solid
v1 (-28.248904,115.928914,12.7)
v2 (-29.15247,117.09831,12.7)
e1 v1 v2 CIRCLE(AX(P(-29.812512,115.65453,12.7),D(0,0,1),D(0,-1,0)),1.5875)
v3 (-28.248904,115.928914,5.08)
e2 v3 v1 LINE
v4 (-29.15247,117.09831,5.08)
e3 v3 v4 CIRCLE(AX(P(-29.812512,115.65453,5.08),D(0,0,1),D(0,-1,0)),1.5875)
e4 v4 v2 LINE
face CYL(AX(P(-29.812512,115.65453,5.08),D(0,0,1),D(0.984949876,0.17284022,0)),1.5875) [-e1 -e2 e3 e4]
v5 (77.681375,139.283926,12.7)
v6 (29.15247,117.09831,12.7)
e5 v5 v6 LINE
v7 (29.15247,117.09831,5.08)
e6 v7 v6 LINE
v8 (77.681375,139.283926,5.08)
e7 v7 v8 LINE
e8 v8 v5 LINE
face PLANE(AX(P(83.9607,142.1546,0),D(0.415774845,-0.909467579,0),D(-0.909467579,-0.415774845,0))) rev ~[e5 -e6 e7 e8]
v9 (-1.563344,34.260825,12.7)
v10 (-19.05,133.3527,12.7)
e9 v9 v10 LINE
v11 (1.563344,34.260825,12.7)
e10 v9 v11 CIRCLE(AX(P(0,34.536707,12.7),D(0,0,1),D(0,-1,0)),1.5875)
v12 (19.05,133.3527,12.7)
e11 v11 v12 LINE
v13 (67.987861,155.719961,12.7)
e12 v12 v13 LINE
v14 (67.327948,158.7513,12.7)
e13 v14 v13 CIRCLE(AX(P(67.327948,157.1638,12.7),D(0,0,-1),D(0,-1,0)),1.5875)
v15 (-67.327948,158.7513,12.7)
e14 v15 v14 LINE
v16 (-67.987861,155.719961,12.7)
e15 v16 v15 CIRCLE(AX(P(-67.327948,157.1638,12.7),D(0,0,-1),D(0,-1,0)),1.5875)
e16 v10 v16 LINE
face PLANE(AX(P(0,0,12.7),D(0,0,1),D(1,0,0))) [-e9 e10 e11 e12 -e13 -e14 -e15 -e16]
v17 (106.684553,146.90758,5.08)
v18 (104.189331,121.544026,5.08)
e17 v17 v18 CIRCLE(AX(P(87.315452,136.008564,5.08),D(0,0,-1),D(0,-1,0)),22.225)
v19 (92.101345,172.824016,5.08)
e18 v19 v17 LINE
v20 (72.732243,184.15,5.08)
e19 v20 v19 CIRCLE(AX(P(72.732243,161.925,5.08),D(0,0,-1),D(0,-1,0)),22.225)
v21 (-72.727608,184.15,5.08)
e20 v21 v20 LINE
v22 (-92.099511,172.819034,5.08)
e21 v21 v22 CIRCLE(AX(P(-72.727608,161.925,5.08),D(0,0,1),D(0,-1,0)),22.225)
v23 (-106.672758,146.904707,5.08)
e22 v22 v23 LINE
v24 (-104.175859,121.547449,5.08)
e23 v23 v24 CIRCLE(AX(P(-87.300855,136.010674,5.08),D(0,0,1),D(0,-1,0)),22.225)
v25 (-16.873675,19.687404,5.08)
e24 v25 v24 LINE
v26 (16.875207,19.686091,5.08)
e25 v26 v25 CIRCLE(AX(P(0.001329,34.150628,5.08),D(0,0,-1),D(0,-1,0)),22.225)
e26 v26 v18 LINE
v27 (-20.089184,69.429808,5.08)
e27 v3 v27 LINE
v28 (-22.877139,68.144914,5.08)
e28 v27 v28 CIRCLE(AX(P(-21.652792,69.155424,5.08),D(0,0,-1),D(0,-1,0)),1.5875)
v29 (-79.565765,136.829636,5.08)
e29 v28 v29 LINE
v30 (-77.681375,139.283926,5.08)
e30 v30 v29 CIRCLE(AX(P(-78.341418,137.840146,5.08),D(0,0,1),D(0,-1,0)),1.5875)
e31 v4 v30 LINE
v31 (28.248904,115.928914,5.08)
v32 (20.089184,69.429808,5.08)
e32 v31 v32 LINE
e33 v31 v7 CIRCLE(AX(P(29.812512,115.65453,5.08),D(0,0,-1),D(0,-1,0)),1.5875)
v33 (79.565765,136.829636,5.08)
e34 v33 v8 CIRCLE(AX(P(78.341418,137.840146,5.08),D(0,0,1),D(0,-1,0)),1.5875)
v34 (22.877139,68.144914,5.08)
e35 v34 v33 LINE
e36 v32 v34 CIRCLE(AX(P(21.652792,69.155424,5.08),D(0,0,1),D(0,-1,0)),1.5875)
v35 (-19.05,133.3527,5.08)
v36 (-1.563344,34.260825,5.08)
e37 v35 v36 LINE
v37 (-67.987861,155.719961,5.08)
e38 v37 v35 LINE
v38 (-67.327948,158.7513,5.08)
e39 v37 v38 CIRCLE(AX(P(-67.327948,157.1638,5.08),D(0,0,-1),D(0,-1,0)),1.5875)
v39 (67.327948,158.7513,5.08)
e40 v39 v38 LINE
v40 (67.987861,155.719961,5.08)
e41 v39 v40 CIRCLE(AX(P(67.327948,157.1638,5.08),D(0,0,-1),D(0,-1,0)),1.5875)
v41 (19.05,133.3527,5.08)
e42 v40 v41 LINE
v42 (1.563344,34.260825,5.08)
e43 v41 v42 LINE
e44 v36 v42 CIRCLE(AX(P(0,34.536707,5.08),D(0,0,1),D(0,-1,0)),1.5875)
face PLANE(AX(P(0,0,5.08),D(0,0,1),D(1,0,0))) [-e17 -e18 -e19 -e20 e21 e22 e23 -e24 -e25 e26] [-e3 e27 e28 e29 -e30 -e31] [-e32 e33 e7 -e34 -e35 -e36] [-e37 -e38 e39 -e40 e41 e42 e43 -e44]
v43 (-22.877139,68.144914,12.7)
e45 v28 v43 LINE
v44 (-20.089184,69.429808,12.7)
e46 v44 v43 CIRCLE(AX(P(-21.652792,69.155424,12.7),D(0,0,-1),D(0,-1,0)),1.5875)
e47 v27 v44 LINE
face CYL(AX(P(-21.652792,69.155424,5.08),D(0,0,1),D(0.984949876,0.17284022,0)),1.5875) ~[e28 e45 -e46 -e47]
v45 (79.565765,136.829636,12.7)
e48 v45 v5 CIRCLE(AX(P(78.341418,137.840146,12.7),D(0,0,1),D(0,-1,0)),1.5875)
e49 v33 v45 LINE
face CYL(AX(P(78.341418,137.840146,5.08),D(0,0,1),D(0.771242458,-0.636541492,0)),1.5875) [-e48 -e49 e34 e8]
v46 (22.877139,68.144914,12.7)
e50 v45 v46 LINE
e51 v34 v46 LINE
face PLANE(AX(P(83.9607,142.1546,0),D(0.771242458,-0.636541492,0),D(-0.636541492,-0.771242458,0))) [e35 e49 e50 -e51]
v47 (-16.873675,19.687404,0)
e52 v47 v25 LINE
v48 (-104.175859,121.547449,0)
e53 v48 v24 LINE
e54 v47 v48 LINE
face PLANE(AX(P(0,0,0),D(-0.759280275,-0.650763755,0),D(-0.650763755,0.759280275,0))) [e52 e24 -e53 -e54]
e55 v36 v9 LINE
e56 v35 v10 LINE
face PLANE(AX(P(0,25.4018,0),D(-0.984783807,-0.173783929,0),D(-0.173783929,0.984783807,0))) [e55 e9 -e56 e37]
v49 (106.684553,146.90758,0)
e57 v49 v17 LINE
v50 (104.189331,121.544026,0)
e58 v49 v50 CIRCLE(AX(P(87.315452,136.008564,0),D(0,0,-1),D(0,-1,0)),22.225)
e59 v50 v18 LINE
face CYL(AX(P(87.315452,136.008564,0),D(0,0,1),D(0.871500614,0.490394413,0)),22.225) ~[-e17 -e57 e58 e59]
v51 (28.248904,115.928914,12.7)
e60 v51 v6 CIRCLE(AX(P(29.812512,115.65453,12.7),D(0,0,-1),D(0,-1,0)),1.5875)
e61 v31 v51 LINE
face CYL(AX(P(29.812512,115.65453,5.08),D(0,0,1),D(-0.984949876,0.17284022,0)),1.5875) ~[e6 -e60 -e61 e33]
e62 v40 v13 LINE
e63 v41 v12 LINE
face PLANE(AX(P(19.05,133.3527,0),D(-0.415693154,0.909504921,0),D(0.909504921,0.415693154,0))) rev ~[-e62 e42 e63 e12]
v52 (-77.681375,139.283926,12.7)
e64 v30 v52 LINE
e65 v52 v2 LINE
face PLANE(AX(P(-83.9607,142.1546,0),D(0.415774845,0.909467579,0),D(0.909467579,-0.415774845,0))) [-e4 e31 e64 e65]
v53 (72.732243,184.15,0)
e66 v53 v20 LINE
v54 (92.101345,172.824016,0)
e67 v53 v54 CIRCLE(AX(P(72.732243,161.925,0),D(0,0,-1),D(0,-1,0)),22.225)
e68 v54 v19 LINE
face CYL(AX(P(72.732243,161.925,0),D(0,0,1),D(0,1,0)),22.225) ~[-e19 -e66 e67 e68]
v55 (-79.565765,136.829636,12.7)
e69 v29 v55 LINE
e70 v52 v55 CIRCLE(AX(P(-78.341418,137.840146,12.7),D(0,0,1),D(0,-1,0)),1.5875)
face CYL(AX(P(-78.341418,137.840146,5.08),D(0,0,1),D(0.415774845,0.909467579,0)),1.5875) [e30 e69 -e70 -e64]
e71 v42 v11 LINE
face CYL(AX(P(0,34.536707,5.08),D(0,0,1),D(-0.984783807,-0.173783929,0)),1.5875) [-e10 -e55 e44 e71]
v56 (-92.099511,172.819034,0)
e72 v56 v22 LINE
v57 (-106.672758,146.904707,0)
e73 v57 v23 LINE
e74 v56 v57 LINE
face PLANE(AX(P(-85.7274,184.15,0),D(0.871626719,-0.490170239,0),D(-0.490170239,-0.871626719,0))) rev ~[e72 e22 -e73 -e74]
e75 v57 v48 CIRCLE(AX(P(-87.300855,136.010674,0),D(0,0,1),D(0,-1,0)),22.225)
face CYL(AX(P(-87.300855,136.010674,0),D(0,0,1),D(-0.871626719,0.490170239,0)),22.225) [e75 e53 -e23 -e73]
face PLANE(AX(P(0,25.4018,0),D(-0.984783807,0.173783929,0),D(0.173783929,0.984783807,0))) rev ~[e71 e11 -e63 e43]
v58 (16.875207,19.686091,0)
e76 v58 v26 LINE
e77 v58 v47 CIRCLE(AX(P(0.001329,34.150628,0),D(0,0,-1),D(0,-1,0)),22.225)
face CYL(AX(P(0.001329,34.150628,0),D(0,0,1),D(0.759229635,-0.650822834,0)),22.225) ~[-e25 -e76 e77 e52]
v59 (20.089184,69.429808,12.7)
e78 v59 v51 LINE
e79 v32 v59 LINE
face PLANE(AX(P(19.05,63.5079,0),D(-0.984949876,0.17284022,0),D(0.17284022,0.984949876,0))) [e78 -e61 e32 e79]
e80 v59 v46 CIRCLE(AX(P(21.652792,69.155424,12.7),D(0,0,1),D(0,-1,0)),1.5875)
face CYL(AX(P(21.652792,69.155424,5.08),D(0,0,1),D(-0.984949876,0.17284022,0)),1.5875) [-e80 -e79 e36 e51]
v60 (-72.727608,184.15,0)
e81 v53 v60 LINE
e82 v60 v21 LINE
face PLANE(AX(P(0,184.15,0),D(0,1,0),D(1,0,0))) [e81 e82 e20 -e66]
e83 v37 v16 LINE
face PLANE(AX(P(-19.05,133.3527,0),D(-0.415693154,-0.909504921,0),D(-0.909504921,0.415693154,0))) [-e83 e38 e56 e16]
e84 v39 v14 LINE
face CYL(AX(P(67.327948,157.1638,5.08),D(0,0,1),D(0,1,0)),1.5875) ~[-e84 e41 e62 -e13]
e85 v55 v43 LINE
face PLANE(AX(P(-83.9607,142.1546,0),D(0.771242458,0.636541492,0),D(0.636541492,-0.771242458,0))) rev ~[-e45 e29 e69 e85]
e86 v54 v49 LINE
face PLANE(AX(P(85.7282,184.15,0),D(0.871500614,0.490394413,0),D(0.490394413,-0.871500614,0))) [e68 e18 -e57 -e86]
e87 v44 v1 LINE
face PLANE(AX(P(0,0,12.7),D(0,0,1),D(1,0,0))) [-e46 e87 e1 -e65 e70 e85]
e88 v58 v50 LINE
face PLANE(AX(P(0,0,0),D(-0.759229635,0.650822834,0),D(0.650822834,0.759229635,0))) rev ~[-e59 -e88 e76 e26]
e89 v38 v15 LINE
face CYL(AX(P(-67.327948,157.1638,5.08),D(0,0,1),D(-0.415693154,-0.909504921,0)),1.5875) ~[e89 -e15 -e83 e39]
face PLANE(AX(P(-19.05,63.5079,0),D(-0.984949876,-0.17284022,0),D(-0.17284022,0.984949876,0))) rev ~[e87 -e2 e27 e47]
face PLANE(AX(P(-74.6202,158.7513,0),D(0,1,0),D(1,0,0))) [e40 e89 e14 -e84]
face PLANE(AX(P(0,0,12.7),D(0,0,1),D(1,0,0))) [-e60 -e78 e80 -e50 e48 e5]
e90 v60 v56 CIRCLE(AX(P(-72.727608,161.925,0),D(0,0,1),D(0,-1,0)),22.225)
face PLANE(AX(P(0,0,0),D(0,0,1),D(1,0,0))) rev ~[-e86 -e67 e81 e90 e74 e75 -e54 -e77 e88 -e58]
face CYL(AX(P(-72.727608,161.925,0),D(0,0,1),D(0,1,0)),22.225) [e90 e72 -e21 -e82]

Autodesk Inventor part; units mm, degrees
ref_plane "YZ Plane" through (0, 0, 0) normal (1, 0, 0) x (0, 1, 0)
ref_plane "XZ Plane" through (0, 0, 0) normal (0, 1, 0) x (-1, 0, 0)
ref_plane "XY Plane" through (0, 0, 0) normal (0, 0, 1) x (1, 0, 0)
sketch "Sketch1" plane through (0, 0, 0) normal (0, 0, 1) x (1, 0, 0)
  line L0 (0, 184.15) -> (0, 133.3527) construction
  line L1 (0, 133.3527) -> (114.3119, 133.3527) construction
  line L2 (0, 133.3527) -> (-114.2939, 133.3527) construction
  line L3 (0, 184.15) -> (85.7282, 184.15)
  line L4 (0, 184.15) -> (-85.7274, 184.15)
  line L5 (-85.7274, 184.15) -> (-114.2939, 133.3527)
  line L6 (0, 0) -> (-114.2939, 133.3527)
  line L7 (0, 0) -> (114.3119, 133.3527)
  line L8 (85.7282, 184.15) -> (114.3119, 133.3527)
  line L9 (0, 158.7514) -> (0, 25.4014) construction
  line L10 (0, 158.7514) -> (74.6202, 158.7514)
  line L11 (0, 158.7514) -> (-74.6202, 158.7514)
  line L12 (0, 133.3527) -> (19.05, 133.3527) construction
  line L13 (0, 133.3527) -> (-19.05, 133.3527) construction
  line L14 (74.6202, 158.7514) -> (19.05, 133.3527)
  line L15 (19.05, 133.3527) -> (0, 25.4014)
  line L16 (0, 25.4014) -> (-19.05, 133.3527)
  line L17 (-74.6202, 158.7514) -> (-19.05, 133.3527)
  dimension "d0" = 184.15
  dimension "d1" = 19.05
  dimension "d2" = 19.05
sketch "Sketch2" plane through (0, 0, 0) normal (0, 0, 1) x (1, 0, 0)
  line L0 (74.6202, 158.7513) -> (83.9607, 142.1546) construction
  line L1 (19.05, 133.3527) -> (28.3932, 116.7512) construction
  line L2 (0, 0) -> (0, 63.5079) construction
  line L3 (0, 63.5079) -> (19.05, 63.5079) construction
  line L4 (19.05, 63.5079) -> (28.3932, 116.7512)
  line L5 (83.9607, 142.1546) -> (28.3932, 116.7512)
  line L6 (83.9607, 142.1546) -> (19.05, 63.5079)
  line L7 (-19.05, 63.5079) -> (-28.3932, 116.7512)
  line L8 (-83.9607, 142.1546) -> (-28.3932, 116.7512)
  line L9 (-83.9607, 142.1546) -> (-19.05, 63.5079)
  line L10 (74.6202, 158.7513) -> (0, 158.7513)
  line L11 (19.05, 133.3527) -> (74.6202, 158.7513)
  line L12 (0, 25.4018) -> (19.05, 133.3527)
  line L13 (0, 158.7513) -> (0, 25.4018) construction
  line L14 (-74.6202, 158.7513) -> (0, 158.7513)
  line L15 (-19.05, 133.3527) -> (-74.6202, 158.7513)
  line L16 (0, 25.4018) -> (-19.05, 133.3527)
  dimension "d3" = 19.05
extrude "Extrusion1" add sketch "Sketch1" along normal blind 5.08 contours L3 L8 L7 L6 L5 L4 | L10 L14 L15 L16 L17 L11
extrude "Extrusion2" add sketch "Sketch2" along normal blind 12.7
fillet "Fillet1" radius 22.225 5 edges at (114.3119, 133.3527, 2.54) (85.7282, 184.15, 2.54) (-85.7274, 184.15, 2.54) (-114.2939, 133.3527, 2.54) (0, 0, 2.54)
fillet "Fillet2" radius 1.5875 1 edges at (74.6202, 158.7513, 8.89)
fillet "Fillet3" radius 1.5875 1 edges at (0, 25.4018, 8.89)
fillet "Fillet4" radius 1.5875 1 edges at (-74.6202, 158.7513, 8.89)
fillet "Fillet5" radius 1.5875 4 edges at (-83.9607, 142.1546, 8.89) (83.9607, 142.1546, 8.89) (-19.05, 63.5079, 8.89) (19.05, 63.5079, 8.89)
fillet "Fillet6" radius 1.5875 2 edges at (28.3932, 116.7512, 8.89) (-28.3932, 116.7512, 8.89)
sketch "Sketch3" plane through (0, 0, 5.08) normal (0, 0, 1) x (1, 0, 0)
  point P0 (0, 0)
properties part number "item"
